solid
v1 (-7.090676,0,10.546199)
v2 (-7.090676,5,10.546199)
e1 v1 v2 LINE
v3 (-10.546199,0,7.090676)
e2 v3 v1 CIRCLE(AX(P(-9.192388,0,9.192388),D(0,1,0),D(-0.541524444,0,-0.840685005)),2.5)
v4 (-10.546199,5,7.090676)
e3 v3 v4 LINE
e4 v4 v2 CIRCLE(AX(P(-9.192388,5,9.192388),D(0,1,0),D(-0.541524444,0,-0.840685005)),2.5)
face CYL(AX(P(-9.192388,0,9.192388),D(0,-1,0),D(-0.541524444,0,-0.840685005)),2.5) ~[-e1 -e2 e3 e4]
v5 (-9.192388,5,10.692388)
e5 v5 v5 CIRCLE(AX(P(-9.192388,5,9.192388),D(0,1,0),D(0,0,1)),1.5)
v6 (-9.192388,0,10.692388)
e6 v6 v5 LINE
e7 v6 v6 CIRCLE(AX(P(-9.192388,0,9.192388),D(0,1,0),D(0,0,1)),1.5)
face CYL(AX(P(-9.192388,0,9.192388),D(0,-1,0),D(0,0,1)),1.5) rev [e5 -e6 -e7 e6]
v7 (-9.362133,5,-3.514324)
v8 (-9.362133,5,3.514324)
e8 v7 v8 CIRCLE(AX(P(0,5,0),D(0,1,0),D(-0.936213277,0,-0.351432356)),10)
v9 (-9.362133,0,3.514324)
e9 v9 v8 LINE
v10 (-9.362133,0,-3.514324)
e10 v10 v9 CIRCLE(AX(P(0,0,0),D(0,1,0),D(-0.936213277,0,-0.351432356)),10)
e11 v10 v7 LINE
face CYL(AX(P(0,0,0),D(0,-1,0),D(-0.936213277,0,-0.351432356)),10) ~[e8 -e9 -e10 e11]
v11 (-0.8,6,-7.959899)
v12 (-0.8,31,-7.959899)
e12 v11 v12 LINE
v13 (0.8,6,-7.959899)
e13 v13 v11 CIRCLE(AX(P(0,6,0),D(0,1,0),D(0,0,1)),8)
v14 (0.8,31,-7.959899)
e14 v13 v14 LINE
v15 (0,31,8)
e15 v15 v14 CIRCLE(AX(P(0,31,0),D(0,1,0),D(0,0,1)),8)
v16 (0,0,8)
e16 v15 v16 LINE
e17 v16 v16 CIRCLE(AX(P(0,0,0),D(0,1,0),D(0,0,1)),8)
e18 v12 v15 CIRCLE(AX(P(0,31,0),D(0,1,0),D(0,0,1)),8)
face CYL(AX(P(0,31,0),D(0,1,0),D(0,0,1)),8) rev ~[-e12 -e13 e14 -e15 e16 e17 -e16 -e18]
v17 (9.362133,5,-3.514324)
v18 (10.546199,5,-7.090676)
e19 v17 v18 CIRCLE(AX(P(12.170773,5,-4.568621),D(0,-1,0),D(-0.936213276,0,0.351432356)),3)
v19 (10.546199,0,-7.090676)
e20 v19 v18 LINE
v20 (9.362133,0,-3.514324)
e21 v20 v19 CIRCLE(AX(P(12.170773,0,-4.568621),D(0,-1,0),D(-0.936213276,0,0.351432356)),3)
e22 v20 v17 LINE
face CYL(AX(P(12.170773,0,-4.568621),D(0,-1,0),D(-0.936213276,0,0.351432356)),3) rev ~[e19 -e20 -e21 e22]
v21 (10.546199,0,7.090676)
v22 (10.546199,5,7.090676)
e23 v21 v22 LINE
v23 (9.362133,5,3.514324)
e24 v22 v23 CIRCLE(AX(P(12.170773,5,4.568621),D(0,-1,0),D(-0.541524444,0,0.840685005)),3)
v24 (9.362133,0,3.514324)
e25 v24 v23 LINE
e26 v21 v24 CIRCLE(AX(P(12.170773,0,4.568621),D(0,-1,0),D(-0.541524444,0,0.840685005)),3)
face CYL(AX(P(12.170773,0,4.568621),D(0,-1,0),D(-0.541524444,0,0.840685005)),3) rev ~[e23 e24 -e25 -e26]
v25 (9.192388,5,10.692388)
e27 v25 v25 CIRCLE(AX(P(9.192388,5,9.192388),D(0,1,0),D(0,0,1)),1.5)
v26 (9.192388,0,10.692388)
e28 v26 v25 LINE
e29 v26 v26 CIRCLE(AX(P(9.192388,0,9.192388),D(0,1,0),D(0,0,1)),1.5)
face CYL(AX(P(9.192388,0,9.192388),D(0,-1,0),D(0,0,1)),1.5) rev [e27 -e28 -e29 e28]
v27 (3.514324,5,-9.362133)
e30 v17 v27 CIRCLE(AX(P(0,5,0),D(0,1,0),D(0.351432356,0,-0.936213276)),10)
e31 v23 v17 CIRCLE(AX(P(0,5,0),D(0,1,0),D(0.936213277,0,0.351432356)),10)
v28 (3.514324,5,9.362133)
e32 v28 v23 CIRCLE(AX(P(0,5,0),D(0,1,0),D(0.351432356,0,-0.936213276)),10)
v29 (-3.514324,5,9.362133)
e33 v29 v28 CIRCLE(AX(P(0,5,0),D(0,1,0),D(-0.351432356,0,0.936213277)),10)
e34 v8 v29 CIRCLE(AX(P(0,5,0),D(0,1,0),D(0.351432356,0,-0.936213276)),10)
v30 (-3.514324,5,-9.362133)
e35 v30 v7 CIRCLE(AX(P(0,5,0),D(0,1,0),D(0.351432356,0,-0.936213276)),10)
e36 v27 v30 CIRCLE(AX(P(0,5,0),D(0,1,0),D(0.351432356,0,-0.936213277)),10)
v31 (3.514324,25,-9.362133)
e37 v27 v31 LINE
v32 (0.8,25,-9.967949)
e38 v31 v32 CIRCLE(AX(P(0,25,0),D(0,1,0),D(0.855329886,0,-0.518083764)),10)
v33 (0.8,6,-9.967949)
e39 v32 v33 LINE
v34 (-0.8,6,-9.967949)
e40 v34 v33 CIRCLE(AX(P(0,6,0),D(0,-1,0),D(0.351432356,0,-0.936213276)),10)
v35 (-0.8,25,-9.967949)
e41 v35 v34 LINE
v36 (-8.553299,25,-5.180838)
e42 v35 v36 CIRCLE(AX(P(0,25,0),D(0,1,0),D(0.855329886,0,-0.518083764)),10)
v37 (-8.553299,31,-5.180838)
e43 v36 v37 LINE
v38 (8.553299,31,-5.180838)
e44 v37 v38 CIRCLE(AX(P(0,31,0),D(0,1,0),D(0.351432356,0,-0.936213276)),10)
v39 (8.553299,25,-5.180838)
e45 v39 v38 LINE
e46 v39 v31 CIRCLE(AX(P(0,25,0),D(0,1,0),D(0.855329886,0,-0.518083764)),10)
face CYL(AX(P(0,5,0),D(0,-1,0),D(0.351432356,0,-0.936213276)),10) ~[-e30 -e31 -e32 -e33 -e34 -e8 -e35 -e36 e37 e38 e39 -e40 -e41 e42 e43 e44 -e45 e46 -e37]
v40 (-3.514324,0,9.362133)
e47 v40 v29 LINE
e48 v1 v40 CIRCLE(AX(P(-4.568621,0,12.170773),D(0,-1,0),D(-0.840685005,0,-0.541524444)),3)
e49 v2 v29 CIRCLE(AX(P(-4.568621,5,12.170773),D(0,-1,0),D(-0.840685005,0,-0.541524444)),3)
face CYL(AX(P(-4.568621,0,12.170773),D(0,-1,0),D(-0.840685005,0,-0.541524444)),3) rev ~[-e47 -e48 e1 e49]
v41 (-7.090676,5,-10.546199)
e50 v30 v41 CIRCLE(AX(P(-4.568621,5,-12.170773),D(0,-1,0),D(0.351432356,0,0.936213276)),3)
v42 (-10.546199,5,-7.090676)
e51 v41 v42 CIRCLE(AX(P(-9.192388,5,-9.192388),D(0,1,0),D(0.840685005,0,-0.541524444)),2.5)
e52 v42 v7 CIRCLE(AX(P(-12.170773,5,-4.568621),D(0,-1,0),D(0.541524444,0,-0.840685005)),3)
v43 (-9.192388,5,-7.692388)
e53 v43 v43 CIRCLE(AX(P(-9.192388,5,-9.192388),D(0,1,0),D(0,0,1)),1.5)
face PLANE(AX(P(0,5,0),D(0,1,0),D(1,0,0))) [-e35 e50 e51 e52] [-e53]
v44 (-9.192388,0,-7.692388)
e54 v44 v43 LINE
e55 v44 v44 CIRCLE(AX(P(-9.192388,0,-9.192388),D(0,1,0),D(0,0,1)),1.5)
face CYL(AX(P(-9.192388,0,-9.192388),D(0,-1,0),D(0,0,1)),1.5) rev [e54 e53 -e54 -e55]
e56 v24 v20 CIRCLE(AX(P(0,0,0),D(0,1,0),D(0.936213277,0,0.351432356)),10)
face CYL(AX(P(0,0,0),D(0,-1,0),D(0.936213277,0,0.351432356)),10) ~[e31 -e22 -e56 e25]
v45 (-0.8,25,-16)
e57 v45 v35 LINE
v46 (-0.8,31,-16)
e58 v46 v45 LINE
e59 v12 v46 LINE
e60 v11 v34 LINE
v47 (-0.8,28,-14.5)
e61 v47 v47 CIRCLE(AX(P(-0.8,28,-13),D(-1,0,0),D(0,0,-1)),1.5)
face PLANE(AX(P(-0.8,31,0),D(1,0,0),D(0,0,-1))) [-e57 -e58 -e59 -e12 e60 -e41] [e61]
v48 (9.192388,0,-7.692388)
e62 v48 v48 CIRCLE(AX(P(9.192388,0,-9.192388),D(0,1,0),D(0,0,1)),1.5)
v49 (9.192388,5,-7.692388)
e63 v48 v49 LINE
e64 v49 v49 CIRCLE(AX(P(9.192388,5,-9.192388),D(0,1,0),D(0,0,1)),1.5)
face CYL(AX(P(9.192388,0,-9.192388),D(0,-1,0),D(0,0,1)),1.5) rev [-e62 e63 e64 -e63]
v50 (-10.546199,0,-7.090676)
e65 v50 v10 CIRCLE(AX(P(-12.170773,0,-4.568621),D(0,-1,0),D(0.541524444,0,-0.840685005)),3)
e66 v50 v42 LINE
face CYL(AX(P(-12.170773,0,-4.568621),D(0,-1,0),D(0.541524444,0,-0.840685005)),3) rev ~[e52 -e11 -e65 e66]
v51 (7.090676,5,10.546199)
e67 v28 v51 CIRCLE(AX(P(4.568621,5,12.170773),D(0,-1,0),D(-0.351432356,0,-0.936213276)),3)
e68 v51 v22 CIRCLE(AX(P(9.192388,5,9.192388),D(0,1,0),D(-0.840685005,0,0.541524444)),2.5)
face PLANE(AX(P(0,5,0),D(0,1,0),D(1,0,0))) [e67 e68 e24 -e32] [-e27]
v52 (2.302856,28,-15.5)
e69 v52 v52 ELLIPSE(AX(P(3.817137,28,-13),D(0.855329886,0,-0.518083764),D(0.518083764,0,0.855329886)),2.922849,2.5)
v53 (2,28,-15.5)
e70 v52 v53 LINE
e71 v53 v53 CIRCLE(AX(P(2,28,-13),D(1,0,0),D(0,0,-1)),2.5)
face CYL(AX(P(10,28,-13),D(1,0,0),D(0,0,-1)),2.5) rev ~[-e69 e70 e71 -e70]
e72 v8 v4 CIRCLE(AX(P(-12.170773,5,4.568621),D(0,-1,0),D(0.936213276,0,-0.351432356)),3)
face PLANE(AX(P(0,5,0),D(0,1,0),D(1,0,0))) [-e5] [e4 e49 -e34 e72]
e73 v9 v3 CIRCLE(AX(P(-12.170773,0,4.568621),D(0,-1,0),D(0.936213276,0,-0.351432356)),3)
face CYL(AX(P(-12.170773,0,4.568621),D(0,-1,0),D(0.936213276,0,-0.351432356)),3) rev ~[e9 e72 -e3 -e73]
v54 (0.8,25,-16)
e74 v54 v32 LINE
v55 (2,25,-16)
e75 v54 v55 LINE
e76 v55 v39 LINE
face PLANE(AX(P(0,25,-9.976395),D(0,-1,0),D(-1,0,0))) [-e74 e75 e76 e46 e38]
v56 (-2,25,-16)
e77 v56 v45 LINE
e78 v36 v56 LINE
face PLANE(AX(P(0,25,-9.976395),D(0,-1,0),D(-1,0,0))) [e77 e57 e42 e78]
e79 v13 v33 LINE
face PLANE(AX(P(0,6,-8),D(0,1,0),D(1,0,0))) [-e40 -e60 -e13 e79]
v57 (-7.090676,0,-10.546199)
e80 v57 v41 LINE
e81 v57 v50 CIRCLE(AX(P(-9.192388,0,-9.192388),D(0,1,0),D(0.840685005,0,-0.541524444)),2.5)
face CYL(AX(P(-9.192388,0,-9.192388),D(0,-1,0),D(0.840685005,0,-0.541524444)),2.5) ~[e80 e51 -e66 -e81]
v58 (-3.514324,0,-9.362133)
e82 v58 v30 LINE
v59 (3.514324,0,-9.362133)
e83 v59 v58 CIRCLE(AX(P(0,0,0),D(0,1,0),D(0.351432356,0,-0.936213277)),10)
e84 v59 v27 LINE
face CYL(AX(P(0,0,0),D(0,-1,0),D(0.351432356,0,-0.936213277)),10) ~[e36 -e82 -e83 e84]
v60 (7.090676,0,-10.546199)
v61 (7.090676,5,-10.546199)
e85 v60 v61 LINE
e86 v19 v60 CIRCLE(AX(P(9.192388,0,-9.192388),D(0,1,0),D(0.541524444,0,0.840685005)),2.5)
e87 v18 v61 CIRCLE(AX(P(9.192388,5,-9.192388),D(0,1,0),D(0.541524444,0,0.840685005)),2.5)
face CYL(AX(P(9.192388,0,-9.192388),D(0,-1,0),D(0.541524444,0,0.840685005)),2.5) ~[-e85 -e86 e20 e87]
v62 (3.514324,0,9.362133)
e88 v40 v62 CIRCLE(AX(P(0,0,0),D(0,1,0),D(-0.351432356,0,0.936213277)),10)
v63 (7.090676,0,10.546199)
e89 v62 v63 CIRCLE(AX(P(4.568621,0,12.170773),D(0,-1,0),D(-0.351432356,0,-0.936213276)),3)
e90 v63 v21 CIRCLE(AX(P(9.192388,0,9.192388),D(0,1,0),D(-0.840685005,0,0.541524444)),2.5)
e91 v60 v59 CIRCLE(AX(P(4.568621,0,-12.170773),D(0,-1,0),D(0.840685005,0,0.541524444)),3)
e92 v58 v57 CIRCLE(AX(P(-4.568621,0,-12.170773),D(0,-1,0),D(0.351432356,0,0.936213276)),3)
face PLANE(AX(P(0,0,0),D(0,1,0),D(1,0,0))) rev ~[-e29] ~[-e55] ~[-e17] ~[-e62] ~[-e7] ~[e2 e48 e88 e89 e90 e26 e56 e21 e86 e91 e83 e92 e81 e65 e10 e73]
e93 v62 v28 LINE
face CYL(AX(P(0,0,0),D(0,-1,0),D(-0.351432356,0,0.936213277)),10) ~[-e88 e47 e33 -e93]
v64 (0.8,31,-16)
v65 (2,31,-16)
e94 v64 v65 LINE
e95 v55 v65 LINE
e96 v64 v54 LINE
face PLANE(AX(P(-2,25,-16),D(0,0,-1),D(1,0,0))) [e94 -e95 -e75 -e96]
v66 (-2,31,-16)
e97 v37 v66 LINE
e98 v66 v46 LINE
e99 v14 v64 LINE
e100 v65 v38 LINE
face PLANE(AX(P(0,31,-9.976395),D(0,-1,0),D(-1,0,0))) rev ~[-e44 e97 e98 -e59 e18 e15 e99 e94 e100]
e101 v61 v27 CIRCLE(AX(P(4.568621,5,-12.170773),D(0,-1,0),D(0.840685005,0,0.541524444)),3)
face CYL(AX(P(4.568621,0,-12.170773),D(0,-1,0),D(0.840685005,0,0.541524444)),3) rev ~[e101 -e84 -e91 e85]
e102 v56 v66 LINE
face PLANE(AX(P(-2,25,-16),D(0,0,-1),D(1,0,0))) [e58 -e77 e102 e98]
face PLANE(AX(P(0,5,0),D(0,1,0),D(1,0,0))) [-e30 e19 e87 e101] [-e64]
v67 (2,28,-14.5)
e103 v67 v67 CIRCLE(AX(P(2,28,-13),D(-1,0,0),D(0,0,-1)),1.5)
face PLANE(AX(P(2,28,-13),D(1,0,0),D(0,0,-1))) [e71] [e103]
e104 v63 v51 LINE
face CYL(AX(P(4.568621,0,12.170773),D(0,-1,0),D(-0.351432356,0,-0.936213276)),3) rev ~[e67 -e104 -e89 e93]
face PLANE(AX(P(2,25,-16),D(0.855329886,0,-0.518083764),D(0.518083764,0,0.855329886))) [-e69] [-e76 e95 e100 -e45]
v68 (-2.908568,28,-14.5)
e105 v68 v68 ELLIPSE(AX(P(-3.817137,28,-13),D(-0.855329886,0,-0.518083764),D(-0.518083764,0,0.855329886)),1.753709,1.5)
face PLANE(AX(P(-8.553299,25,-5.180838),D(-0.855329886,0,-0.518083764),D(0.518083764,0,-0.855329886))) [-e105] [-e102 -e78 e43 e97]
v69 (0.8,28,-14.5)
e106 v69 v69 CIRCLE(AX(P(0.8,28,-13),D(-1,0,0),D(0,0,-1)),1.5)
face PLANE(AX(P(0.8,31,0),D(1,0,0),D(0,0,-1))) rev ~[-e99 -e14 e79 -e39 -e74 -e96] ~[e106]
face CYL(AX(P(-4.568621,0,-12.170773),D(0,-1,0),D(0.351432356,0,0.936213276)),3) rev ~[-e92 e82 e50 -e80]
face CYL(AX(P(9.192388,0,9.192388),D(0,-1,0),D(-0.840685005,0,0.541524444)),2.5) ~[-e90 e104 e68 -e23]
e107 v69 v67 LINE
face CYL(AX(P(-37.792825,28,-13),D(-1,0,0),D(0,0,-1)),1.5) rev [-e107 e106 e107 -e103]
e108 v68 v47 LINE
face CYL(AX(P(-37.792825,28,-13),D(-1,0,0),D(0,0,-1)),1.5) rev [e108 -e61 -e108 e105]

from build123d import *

# Parameters (mm, degrees)
SKETCH_1_R               = 1.5
EXTRUDE_1_DEPTH          = 5
SKETCH_2_R               = 10
EXTRUDE_2_DEPTH          = 26
SKETCH_3_R               = 8
CUT_EXTRUDE_1_DEPTH      = 36.134368951
EXTRUDE_START            = -6
EXTRUDE_3_DEPTH          = 6
SKETCH_5_W               = 1.6
SKETCH_5_H               = 16
CUT_EXTRUDE_2_DEPTH      = 25
CUT_EXTRUDE_3_DEPTH      = 37.792824583
CUT_EXTRUDE_3_DEPTH_BACK = 37.792824583
SKETCH_6_R               = 1.5
SKETCH_7_R               = 2.5
CUT_EXTRUDE_4_DEPTH      = 8


with BuildPart() as part:
    # 草图1 → 凸台-拉伸1 (new body)
    with BuildSketch(Plane(origin=(0, 0, 0), x_dir=(1, 0, 0), z_dir=(0, 1, 0))):
        with BuildLine():
            ThreePointArc((7.090675644, 10.546199264), (5.511531927, 9.322805199), (3.514323561, 9.362132765))
            ThreePointArc((3.514323561, 9.362132765), (0, 10), (-3.514323561, 9.362132765))
            ThreePointArc((-3.514323561, 9.362132765), (-5.511531927, 9.322805199), (-7.090675644, 10.546199264))
            ThreePointArc((-7.090675644, 10.546199264), (-10.960155108, 10.960155108), (-10.546199264, 7.090675644))
            ThreePointArc((-10.546199264, 7.090675644), (-9.322805199, 5.511531927), (-9.362132765, 3.514323561))
            ThreePointArc((-9.362132765, 3.514323561), (-10, 0), (-9.362132765, -3.514323561))
            ThreePointArc((-9.362132765, -3.514323561), (-9.322805199, -5.511531927), (-10.546199264, -7.090675644))
            ThreePointArc((-10.546199264, -7.090675644), (-10.960155108, -10.960155108), (-7.090675644, -10.546199264))
            ThreePointArc((-7.090675644, -10.546199264), (-5.511531927, -9.322805199), (-3.514323561, -9.362132765))
            ThreePointArc((-3.514323561, -9.362132765), (0, -10), (3.514323561, -9.362132765))
            ThreePointArc((3.514323561, -9.362132765), (5.511531927, -9.322805199), (7.090675644, -10.546199264))
            ThreePointArc((7.090675644, -10.546199264), (10.960155108, -10.960155108), (10.546199264, -7.090675644))
            ThreePointArc((10.546199264, -7.090675644), (9.322805199, -5.511531927), (9.362132765, -3.514323561))
            ThreePointArc((9.362132765, -3.514323561), (10, 0), (9.362132765, 3.514323561))
            ThreePointArc((9.362132765, 3.514323561), (9.322805199, 5.511531927), (10.546199264, 7.090675644))
            ThreePointArc((10.546199264, 7.090675644), (10.960155108, 10.960155108), (7.090675644, 10.546199264))
        make_face()
        with Locations(Location((-9.192388155, -9.192388155, 0), (0, 0, 270))):
            Circle(SKETCH_1_R, mode=Mode.SUBTRACT)
        with Locations(Location((9.192388155, -9.192388155, 0), (0, 0, 270))):
            Circle(SKETCH_1_R, mode=Mode.SUBTRACT)
        with Locations(Location((-9.192388155, 9.192388155, 0), (0, 0, 270))):
            Circle(SKETCH_1_R, mode=Mode.SUBTRACT)
        with Locations(Location((9.192388155, 9.192388155, 0), (0, 0, 270))):
            Circle(SKETCH_1_R, mode=Mode.SUBTRACT)
    extrude(amount=EXTRUDE_1_DEPTH)

    # 草图2 → 凸台-拉伸2 (add)
    with BuildSketch(Plane(origin=(0, 5, 0), x_dir=(1, 0, 0), z_dir=(0, 1, 0))):
        with Locations(Location((0, 0, 0), (0, 0, 69.425050538))):
            Circle(SKETCH_2_R)
    extrude(amount=EXTRUDE_2_DEPTH)

    # 草图3 → 切除-拉伸1 (cut, through all)
    with BuildSketch(Plane(origin=(0, 31, 0), x_dir=(1, 0, 0), z_dir=(0, 1, 0))):
        with Locations(Location((0, 0, 0), (0, 0, 270))):
            Circle(SKETCH_3_R)
    extrude(amount=-CUT_EXTRUDE_1_DEPTH, mode=Mode.SUBTRACT)

    # 草图4 → 凸台-拉伸3 (add)
    with BuildSketch(Plane(origin=(0, 31, 0), x_dir=(1, 0, 0), z_dir=(0, 1, 0)).offset(EXTRUDE_START)):
        with BuildLine():
            Line((-8.553298856, 5.180837643), (-2, 16))
            Line((-2, 16), (2, 16))
            Line((2, 16), (8.553298856, 5.180837643))
            ThreePointArc((8.553298856, 5.180837643), (0, 10), (-8.553298856, 5.180837643))
        make_face()
    extrude(amount=EXTRUDE_3_DEPTH)

    # 草图5 → 切除-拉伸2 (cut)
    with BuildSketch(Plane(origin=(0, 31, 0), x_dir=(1, 0, 0), z_dir=(0, 1, 0))):
        with Locations((0, 8)):
            Rectangle(SKETCH_5_W, SKETCH_5_H)
    extrude(amount=-CUT_EXTRUDE_2_DEPTH, mode=Mode.SUBTRACT)

    # 草图6 → 切除-拉伸3 (cut, two sides: drawn at the far end of the back side and taken through both)
    with BuildSketch(Plane(origin=(0, 0, 0), x_dir=(0, 0, -1), z_dir=(1, 0, 0)).offset(-CUT_EXTRUDE_3_DEPTH_BACK)):
        with Locations((13, 28)):
            Circle(SKETCH_6_R)
    extrude(amount=CUT_EXTRUDE_3_DEPTH + CUT_EXTRUDE_3_DEPTH_BACK, mode=Mode.SUBTRACT)

    # 草图7 → 切除-拉伸4 (cut)
    with BuildSketch(Plane(origin=(10, 0, 0), x_dir=(0, 0, -1), z_dir=(1, 0, 0))):
        with Locations((13, 28)):
            Circle(SKETCH_7_R)
    extrude(amount=-CUT_EXTRUDE_4_DEPTH, mode=Mode.SUBTRACT)


solid = part.part
